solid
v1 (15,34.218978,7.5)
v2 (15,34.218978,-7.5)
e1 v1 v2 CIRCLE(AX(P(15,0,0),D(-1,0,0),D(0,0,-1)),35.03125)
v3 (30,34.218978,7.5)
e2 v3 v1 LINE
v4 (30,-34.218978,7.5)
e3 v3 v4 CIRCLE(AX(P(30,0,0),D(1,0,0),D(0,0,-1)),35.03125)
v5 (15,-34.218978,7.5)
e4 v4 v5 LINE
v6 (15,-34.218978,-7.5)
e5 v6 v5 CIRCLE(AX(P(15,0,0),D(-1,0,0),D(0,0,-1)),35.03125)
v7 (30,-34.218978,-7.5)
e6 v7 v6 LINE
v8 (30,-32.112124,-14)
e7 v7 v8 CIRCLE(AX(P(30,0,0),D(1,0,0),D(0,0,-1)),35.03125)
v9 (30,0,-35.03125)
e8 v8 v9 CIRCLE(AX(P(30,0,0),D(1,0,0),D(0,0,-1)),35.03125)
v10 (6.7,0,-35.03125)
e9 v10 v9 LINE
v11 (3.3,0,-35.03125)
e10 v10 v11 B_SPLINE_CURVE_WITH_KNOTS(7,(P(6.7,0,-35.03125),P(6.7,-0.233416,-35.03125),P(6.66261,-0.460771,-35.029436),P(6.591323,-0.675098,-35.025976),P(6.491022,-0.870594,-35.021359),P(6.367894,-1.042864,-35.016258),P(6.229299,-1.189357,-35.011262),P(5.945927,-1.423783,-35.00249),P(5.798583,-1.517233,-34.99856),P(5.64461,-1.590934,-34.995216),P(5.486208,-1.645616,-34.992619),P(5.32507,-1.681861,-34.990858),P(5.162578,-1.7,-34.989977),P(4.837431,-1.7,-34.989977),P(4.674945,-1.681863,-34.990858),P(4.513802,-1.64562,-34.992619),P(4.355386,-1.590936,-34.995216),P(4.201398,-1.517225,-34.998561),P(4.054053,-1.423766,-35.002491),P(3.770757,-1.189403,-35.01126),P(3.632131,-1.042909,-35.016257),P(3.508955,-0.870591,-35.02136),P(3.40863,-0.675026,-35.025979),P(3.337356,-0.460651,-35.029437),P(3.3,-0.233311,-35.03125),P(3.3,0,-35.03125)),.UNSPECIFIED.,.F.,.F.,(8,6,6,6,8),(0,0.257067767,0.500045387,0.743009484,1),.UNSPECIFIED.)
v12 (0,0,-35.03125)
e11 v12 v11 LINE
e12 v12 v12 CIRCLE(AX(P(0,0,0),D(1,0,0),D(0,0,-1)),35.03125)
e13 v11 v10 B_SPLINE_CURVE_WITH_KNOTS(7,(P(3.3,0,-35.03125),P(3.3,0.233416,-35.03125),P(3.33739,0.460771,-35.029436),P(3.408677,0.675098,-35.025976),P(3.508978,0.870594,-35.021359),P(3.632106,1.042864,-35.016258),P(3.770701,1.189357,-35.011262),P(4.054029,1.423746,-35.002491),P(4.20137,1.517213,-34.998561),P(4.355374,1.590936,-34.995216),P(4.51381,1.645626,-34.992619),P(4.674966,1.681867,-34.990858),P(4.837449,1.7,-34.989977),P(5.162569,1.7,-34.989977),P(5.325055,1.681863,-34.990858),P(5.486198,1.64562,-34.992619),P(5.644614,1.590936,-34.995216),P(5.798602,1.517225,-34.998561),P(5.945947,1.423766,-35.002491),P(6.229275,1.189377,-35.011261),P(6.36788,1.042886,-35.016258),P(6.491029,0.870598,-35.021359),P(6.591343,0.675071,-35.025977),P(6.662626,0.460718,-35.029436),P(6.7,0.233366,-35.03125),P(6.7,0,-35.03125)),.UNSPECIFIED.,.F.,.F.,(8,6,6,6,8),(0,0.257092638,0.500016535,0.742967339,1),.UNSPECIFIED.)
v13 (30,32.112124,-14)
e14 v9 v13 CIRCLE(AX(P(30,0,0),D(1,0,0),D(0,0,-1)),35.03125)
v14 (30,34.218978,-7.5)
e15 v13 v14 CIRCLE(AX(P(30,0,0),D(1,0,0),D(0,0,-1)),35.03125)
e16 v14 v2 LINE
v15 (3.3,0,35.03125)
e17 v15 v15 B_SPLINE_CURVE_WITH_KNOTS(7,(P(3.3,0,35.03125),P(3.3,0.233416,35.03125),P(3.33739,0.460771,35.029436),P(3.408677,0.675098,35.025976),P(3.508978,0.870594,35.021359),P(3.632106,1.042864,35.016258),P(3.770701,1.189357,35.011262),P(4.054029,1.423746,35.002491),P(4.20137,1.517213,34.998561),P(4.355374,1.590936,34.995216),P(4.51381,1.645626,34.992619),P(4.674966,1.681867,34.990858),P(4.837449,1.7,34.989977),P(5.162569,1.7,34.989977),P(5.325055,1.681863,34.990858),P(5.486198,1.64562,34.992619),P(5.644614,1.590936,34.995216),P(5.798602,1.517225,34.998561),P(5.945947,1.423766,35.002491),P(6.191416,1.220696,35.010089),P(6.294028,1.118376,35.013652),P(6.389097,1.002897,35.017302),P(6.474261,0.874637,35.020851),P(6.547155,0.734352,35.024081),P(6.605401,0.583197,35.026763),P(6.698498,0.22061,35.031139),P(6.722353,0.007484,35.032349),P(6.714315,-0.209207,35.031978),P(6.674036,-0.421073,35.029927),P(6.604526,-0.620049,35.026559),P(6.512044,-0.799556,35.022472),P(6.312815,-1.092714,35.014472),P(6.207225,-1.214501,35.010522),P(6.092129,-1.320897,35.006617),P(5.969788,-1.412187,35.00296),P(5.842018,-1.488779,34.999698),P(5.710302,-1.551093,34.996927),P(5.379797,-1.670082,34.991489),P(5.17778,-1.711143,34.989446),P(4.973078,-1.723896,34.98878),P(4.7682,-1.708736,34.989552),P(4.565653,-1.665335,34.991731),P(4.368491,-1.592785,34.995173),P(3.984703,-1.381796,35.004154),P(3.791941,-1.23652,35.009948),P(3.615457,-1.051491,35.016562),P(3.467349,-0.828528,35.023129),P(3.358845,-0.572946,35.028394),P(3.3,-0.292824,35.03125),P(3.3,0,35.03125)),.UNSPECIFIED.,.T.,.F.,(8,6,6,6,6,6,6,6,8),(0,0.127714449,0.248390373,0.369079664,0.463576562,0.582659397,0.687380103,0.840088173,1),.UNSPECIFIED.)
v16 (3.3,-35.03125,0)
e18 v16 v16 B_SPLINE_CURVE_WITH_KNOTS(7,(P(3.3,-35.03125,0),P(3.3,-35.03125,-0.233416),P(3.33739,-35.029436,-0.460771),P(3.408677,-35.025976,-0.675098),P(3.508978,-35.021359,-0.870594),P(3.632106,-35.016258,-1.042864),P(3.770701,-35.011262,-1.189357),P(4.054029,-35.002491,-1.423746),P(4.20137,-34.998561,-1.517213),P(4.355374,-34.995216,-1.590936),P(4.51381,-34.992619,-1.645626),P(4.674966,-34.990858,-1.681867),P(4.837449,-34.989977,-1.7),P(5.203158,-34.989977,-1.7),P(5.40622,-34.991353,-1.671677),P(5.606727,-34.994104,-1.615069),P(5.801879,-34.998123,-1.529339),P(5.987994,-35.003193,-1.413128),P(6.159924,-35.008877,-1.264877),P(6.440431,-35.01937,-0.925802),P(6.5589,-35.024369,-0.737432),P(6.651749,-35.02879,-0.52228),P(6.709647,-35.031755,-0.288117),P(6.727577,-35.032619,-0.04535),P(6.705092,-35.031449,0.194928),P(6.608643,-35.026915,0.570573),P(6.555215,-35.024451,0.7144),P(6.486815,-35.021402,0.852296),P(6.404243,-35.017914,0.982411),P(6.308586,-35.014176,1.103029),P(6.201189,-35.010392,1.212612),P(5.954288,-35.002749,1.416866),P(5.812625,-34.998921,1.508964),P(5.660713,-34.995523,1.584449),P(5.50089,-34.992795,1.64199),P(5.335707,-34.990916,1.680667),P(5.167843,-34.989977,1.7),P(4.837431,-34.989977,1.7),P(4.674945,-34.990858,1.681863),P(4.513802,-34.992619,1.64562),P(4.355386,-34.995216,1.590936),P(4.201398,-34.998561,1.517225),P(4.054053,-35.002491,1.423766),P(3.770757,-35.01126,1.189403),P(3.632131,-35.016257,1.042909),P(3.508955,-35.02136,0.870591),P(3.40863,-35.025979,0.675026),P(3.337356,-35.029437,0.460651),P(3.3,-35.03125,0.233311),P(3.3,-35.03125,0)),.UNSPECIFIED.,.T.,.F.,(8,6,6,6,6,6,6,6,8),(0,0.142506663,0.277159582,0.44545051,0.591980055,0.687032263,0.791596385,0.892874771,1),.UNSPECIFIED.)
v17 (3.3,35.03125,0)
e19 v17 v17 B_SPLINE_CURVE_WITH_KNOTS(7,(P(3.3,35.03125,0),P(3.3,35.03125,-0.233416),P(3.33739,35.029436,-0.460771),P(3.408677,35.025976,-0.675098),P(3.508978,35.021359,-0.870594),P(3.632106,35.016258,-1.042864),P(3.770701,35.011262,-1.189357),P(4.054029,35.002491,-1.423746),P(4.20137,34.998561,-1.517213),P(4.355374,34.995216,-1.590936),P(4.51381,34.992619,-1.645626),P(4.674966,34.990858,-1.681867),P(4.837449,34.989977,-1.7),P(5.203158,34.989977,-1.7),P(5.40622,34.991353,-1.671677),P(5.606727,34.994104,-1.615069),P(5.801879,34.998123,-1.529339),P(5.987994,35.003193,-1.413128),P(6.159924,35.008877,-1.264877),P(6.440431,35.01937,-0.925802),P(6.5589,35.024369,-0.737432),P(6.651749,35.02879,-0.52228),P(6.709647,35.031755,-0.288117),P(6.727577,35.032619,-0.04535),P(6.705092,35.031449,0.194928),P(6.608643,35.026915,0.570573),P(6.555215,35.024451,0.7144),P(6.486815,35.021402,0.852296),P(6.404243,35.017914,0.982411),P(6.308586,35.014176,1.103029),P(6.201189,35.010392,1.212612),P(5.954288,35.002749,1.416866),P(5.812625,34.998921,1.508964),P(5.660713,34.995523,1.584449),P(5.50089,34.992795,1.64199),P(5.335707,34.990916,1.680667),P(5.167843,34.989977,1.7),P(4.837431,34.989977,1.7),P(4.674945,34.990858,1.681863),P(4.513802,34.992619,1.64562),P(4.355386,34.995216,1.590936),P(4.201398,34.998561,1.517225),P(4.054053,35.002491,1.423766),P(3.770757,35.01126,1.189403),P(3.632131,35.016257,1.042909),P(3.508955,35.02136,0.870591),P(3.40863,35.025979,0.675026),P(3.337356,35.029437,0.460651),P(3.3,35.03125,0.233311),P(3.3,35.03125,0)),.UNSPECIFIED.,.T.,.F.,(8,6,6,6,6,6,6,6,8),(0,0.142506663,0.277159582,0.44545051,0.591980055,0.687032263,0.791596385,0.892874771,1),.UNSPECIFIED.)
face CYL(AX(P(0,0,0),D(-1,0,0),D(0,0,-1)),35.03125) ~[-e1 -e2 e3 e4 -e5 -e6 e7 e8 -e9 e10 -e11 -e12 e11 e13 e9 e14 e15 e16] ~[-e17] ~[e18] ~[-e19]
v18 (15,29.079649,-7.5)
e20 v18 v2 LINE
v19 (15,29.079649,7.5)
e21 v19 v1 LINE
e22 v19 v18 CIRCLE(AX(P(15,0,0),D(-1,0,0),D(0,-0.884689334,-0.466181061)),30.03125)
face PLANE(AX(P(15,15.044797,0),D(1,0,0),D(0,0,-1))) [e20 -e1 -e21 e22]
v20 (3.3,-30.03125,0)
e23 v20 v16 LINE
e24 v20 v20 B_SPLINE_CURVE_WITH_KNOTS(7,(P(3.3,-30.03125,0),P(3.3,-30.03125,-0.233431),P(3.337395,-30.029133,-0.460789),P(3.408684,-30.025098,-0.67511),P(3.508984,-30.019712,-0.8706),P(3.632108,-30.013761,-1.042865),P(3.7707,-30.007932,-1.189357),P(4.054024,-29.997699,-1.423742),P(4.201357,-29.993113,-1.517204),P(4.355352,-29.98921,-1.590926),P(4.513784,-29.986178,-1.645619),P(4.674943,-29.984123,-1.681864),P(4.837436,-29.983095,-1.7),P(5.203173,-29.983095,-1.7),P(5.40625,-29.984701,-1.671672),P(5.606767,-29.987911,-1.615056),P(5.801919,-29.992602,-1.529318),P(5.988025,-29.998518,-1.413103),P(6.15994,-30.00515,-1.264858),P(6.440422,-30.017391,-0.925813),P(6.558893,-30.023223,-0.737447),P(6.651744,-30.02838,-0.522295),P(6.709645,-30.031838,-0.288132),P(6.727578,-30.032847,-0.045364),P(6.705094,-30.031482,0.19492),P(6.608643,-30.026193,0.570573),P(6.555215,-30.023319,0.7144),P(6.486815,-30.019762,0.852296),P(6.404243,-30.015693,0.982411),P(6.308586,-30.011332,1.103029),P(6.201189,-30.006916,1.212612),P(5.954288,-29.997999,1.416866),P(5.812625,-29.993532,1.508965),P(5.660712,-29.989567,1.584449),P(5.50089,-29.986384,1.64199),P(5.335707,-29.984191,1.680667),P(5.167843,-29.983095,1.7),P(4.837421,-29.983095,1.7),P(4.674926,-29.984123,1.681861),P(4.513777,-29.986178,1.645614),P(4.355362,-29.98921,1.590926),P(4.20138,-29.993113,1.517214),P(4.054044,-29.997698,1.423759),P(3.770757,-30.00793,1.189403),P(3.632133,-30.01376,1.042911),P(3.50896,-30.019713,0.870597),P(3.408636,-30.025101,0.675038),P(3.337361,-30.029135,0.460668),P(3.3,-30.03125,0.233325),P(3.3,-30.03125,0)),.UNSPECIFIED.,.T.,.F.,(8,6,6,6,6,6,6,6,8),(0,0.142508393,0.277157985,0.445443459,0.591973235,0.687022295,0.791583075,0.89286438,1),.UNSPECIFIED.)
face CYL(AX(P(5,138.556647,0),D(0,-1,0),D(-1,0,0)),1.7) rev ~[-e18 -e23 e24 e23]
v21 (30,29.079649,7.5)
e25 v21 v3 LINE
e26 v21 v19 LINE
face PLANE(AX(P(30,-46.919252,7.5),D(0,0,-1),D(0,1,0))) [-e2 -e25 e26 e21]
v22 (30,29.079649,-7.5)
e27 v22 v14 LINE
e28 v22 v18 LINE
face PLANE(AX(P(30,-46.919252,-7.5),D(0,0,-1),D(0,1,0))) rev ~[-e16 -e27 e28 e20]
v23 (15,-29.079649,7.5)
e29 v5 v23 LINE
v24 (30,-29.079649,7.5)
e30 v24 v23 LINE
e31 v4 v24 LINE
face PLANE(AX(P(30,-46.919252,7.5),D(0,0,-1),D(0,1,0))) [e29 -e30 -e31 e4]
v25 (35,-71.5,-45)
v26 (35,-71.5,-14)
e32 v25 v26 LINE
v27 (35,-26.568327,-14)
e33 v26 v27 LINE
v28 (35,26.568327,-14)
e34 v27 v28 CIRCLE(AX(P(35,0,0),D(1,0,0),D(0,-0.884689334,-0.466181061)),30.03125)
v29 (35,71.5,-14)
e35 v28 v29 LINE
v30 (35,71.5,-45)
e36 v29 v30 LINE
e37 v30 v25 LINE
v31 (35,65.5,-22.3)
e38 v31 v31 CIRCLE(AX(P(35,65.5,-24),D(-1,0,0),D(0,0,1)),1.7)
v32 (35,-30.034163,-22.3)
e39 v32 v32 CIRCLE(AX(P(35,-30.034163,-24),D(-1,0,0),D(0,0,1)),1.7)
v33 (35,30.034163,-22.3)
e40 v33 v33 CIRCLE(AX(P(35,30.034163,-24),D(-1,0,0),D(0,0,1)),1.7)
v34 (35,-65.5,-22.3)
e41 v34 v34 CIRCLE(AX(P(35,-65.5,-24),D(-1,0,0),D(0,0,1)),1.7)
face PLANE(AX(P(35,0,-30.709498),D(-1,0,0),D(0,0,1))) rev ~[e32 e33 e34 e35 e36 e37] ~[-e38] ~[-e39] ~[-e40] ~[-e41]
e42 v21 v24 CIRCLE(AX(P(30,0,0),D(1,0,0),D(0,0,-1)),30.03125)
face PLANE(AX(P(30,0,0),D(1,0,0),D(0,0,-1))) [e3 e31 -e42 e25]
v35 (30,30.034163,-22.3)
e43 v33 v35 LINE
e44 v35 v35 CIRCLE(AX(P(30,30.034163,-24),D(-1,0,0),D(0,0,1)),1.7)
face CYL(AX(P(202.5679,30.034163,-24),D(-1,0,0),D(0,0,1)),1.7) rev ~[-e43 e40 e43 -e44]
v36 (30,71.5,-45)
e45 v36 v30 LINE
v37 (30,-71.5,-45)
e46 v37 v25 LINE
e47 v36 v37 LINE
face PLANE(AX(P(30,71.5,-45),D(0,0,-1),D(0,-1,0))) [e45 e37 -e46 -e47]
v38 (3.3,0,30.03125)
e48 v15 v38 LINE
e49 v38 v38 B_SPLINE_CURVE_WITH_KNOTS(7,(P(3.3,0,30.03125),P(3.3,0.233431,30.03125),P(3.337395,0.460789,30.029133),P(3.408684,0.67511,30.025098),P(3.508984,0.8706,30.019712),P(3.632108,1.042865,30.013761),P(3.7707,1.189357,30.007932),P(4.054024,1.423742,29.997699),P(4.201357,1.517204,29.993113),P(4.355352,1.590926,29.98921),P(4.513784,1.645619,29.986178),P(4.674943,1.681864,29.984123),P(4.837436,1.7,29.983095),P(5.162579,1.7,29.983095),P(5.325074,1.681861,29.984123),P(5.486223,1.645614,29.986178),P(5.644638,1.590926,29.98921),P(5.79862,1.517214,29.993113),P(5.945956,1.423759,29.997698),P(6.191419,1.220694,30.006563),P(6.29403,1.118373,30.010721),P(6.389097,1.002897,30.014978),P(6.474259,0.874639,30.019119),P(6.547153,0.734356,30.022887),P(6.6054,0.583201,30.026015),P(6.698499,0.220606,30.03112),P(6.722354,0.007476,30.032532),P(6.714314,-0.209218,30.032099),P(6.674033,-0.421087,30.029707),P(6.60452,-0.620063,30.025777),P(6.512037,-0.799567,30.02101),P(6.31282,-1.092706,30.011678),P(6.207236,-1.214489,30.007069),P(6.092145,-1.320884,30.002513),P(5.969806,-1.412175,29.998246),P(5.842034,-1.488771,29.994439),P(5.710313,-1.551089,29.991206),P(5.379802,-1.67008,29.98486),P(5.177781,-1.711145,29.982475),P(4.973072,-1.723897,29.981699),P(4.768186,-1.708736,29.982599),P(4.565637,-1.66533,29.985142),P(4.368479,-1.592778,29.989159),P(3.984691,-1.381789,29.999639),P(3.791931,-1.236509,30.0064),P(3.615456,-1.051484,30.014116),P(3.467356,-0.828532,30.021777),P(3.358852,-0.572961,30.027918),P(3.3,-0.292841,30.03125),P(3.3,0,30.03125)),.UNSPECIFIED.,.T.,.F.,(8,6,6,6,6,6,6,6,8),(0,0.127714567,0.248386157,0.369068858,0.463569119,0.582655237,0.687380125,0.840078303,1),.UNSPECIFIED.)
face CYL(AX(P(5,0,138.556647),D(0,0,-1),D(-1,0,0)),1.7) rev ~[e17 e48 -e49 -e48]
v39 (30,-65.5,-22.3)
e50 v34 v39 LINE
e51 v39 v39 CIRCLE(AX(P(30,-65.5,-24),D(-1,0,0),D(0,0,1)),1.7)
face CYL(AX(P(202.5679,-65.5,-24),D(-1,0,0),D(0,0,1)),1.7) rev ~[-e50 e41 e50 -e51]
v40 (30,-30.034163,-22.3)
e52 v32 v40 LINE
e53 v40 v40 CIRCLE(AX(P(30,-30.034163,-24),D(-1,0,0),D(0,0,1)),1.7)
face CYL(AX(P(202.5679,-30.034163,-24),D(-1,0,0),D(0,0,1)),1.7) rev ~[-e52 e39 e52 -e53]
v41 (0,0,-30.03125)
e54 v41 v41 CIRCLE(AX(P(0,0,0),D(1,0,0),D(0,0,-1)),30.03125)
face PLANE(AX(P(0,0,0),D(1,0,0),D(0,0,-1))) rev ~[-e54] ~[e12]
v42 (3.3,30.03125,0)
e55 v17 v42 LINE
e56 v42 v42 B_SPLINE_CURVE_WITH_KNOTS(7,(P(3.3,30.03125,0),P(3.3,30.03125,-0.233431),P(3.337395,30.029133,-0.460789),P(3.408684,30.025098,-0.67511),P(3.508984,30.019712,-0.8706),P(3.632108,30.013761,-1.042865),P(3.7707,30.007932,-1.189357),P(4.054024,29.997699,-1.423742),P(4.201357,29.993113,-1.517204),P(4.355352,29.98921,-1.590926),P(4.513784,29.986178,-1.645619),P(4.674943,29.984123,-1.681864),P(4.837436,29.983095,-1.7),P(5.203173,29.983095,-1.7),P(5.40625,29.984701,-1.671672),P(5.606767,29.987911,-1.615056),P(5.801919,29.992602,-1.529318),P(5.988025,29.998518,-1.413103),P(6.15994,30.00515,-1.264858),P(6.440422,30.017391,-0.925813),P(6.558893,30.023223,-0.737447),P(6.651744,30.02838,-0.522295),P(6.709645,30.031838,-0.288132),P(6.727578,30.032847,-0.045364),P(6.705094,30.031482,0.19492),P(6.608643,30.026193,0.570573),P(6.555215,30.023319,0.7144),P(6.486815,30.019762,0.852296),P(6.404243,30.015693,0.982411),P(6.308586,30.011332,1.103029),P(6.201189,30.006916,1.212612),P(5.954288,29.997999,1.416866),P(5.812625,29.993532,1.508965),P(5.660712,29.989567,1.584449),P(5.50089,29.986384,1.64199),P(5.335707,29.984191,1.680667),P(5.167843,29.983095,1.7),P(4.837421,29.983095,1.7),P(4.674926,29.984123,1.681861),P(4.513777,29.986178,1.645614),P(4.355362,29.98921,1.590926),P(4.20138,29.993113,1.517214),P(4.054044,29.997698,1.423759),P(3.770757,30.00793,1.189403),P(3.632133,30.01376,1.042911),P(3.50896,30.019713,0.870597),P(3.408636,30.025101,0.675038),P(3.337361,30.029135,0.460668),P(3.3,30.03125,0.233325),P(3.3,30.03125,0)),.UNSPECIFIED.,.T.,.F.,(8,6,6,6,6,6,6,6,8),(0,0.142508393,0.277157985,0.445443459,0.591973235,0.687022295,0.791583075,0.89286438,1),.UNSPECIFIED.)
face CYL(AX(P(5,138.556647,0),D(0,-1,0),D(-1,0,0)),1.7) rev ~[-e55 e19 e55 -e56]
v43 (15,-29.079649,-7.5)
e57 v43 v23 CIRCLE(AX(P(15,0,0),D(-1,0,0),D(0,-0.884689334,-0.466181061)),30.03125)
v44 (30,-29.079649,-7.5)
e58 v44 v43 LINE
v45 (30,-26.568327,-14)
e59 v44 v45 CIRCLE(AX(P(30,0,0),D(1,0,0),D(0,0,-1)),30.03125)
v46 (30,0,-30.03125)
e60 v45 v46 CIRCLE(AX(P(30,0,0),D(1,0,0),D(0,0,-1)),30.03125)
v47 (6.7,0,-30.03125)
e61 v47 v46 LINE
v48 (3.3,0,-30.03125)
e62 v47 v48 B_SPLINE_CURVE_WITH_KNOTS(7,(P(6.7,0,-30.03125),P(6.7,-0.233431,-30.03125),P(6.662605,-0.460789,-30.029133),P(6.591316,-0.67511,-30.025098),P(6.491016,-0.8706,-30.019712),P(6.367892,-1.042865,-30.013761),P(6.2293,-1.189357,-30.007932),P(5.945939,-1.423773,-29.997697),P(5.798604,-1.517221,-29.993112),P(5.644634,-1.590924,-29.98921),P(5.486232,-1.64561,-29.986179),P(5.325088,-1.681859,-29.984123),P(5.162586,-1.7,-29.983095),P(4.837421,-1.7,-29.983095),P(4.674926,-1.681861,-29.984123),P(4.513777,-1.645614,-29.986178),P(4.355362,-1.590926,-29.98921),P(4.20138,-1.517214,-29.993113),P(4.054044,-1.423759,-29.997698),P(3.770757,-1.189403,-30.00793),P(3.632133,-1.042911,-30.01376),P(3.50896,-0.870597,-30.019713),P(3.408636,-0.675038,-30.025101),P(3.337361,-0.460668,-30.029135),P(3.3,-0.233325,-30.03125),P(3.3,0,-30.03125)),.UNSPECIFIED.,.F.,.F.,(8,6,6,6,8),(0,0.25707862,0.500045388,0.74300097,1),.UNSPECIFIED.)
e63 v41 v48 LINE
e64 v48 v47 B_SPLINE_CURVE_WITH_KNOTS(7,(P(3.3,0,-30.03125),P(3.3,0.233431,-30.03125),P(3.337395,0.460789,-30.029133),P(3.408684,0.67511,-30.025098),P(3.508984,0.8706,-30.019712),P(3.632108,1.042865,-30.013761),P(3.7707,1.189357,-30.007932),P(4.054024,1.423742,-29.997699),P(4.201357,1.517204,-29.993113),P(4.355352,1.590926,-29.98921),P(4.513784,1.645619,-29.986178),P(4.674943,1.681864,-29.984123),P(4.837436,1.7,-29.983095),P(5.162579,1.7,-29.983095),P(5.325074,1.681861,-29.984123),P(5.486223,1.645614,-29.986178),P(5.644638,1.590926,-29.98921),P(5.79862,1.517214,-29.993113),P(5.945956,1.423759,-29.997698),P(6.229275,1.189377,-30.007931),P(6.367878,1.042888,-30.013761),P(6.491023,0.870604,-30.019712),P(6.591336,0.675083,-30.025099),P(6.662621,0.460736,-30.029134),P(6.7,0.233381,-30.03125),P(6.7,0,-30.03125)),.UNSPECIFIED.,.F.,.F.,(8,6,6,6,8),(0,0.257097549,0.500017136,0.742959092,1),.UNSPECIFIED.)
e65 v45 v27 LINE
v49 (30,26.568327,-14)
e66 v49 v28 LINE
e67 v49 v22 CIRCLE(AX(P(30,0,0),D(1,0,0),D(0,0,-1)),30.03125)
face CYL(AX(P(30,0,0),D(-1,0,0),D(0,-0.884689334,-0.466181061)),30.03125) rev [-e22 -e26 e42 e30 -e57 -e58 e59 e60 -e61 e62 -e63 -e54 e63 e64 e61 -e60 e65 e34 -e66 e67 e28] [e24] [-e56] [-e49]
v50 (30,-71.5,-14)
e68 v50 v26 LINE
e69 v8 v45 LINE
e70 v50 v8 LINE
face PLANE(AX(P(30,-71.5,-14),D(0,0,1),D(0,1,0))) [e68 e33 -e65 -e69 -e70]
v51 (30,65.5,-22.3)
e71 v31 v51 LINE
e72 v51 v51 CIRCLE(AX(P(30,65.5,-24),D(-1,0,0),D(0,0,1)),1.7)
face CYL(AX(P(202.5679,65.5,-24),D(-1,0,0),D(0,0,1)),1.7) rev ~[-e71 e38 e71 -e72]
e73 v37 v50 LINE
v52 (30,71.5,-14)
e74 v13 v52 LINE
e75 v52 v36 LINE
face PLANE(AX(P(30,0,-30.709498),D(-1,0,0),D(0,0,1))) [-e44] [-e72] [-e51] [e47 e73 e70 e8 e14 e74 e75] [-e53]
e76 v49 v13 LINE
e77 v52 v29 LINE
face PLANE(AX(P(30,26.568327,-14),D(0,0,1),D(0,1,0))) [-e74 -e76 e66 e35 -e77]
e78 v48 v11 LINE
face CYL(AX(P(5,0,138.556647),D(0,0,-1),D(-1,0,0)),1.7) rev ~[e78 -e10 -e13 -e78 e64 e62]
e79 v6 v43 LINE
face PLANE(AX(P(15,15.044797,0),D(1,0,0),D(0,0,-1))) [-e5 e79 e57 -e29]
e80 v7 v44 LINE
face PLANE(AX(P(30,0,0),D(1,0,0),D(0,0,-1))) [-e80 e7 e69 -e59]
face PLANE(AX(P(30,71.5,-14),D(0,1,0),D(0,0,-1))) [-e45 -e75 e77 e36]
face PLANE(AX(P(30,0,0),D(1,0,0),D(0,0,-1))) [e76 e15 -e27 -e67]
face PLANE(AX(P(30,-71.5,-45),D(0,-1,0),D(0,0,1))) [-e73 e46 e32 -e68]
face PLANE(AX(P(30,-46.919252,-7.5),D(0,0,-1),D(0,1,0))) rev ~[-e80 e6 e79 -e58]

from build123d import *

# Parameters (mm, degrees)
SKETCH1_R            = 35.03125
SKETCH1_R_2          = 30.03125
BOSS_EXTRUDE1_DEPTH  = 30
M3_CLEARANCE_HOLE2_D = 3.4
M3_CLEARANCE_HOLE3_D = 3.4
BOSS_EXTRUDE2_DEPTH  = 5
M3_CLEARANCE_HOLE4_D = 3.4
SKETCH14_W           = 15
SKETCH14_H           = 123.928098147
CUT_EXTRUDE1_DEPTH   = 15


with BuildPart() as part:
    # Sketch1 → Boss-Extrude1 (new body)
    with BuildSketch(Plane(origin=(0, 0, 0), x_dir=(0, 0, -1), z_dir=(1, 0, 0))):
        Circle(SKETCH1_R)
        Circle(SKETCH1_R_2, mode=Mode.SUBTRACT)
    extrude(amount=BOSS_EXTRUDE1_DEPTH)

    # M3 Clearance Hole2 (through all)
    with Locations(Plane(origin=(0, 35.03125, 0), x_dir=(1, 0, 0), z_dir=(0, 1, 0))):
        with Locations((5, 0)):
            Hole(M3_CLEARANCE_HOLE2_D / 2)

    # M3 Clearance Hole3 (through all)
    with Locations(Plane.XY.offset(35.03125)):
        with Locations((5, 0)):
            Hole(M3_CLEARANCE_HOLE3_D / 2)

    # Sketch9 → Boss-Extrude2 (add)
    with BuildSketch(Plane(origin=(30, 0, 0), x_dir=(0, 0, -1), z_dir=(1, 0, 0))):
        with BuildLine():
            Line((14, 71.5), (45, 71.5))
            Line((45, 71.5), (45, -71.5))
            Line((45, -71.5), (14, -71.5))
            Line((14, -71.5), (14, -26.568326567))
            ThreePointArc((14, -26.568326567), (30.03125, 0), (14, 26.568326567))
            Line((14, 26.568326567), (14, 71.5))
        make_face()
    extrude(amount=BOSS_EXTRUDE2_DEPTH)

    # M3 Clearance Hole4 (through all)
    with Locations(Plane(origin=(35, 0, 0), x_dir=(0, 0, -1), z_dir=(1, 0, 0))):
        with Locations((24, 30.034163283), (24, 65.5), (24, -65.5), (24, -30.034163283)):
            Hole(M3_CLEARANCE_HOLE4_D / 2)

    # Sketch14 → Cut-Extrude1 (cut)
    with BuildSketch(Plane(origin=(30, 0, 0), x_dir=(0, 0, -1), z_dir=(1, 0, 0))):
        with Locations((0, 15.044796635)):
            Rectangle(SKETCH14_W, SKETCH14_H)
    extrude(amount=-CUT_EXTRUDE1_DEPTH, mode=Mode.SUBTRACT)


solid = part.part
